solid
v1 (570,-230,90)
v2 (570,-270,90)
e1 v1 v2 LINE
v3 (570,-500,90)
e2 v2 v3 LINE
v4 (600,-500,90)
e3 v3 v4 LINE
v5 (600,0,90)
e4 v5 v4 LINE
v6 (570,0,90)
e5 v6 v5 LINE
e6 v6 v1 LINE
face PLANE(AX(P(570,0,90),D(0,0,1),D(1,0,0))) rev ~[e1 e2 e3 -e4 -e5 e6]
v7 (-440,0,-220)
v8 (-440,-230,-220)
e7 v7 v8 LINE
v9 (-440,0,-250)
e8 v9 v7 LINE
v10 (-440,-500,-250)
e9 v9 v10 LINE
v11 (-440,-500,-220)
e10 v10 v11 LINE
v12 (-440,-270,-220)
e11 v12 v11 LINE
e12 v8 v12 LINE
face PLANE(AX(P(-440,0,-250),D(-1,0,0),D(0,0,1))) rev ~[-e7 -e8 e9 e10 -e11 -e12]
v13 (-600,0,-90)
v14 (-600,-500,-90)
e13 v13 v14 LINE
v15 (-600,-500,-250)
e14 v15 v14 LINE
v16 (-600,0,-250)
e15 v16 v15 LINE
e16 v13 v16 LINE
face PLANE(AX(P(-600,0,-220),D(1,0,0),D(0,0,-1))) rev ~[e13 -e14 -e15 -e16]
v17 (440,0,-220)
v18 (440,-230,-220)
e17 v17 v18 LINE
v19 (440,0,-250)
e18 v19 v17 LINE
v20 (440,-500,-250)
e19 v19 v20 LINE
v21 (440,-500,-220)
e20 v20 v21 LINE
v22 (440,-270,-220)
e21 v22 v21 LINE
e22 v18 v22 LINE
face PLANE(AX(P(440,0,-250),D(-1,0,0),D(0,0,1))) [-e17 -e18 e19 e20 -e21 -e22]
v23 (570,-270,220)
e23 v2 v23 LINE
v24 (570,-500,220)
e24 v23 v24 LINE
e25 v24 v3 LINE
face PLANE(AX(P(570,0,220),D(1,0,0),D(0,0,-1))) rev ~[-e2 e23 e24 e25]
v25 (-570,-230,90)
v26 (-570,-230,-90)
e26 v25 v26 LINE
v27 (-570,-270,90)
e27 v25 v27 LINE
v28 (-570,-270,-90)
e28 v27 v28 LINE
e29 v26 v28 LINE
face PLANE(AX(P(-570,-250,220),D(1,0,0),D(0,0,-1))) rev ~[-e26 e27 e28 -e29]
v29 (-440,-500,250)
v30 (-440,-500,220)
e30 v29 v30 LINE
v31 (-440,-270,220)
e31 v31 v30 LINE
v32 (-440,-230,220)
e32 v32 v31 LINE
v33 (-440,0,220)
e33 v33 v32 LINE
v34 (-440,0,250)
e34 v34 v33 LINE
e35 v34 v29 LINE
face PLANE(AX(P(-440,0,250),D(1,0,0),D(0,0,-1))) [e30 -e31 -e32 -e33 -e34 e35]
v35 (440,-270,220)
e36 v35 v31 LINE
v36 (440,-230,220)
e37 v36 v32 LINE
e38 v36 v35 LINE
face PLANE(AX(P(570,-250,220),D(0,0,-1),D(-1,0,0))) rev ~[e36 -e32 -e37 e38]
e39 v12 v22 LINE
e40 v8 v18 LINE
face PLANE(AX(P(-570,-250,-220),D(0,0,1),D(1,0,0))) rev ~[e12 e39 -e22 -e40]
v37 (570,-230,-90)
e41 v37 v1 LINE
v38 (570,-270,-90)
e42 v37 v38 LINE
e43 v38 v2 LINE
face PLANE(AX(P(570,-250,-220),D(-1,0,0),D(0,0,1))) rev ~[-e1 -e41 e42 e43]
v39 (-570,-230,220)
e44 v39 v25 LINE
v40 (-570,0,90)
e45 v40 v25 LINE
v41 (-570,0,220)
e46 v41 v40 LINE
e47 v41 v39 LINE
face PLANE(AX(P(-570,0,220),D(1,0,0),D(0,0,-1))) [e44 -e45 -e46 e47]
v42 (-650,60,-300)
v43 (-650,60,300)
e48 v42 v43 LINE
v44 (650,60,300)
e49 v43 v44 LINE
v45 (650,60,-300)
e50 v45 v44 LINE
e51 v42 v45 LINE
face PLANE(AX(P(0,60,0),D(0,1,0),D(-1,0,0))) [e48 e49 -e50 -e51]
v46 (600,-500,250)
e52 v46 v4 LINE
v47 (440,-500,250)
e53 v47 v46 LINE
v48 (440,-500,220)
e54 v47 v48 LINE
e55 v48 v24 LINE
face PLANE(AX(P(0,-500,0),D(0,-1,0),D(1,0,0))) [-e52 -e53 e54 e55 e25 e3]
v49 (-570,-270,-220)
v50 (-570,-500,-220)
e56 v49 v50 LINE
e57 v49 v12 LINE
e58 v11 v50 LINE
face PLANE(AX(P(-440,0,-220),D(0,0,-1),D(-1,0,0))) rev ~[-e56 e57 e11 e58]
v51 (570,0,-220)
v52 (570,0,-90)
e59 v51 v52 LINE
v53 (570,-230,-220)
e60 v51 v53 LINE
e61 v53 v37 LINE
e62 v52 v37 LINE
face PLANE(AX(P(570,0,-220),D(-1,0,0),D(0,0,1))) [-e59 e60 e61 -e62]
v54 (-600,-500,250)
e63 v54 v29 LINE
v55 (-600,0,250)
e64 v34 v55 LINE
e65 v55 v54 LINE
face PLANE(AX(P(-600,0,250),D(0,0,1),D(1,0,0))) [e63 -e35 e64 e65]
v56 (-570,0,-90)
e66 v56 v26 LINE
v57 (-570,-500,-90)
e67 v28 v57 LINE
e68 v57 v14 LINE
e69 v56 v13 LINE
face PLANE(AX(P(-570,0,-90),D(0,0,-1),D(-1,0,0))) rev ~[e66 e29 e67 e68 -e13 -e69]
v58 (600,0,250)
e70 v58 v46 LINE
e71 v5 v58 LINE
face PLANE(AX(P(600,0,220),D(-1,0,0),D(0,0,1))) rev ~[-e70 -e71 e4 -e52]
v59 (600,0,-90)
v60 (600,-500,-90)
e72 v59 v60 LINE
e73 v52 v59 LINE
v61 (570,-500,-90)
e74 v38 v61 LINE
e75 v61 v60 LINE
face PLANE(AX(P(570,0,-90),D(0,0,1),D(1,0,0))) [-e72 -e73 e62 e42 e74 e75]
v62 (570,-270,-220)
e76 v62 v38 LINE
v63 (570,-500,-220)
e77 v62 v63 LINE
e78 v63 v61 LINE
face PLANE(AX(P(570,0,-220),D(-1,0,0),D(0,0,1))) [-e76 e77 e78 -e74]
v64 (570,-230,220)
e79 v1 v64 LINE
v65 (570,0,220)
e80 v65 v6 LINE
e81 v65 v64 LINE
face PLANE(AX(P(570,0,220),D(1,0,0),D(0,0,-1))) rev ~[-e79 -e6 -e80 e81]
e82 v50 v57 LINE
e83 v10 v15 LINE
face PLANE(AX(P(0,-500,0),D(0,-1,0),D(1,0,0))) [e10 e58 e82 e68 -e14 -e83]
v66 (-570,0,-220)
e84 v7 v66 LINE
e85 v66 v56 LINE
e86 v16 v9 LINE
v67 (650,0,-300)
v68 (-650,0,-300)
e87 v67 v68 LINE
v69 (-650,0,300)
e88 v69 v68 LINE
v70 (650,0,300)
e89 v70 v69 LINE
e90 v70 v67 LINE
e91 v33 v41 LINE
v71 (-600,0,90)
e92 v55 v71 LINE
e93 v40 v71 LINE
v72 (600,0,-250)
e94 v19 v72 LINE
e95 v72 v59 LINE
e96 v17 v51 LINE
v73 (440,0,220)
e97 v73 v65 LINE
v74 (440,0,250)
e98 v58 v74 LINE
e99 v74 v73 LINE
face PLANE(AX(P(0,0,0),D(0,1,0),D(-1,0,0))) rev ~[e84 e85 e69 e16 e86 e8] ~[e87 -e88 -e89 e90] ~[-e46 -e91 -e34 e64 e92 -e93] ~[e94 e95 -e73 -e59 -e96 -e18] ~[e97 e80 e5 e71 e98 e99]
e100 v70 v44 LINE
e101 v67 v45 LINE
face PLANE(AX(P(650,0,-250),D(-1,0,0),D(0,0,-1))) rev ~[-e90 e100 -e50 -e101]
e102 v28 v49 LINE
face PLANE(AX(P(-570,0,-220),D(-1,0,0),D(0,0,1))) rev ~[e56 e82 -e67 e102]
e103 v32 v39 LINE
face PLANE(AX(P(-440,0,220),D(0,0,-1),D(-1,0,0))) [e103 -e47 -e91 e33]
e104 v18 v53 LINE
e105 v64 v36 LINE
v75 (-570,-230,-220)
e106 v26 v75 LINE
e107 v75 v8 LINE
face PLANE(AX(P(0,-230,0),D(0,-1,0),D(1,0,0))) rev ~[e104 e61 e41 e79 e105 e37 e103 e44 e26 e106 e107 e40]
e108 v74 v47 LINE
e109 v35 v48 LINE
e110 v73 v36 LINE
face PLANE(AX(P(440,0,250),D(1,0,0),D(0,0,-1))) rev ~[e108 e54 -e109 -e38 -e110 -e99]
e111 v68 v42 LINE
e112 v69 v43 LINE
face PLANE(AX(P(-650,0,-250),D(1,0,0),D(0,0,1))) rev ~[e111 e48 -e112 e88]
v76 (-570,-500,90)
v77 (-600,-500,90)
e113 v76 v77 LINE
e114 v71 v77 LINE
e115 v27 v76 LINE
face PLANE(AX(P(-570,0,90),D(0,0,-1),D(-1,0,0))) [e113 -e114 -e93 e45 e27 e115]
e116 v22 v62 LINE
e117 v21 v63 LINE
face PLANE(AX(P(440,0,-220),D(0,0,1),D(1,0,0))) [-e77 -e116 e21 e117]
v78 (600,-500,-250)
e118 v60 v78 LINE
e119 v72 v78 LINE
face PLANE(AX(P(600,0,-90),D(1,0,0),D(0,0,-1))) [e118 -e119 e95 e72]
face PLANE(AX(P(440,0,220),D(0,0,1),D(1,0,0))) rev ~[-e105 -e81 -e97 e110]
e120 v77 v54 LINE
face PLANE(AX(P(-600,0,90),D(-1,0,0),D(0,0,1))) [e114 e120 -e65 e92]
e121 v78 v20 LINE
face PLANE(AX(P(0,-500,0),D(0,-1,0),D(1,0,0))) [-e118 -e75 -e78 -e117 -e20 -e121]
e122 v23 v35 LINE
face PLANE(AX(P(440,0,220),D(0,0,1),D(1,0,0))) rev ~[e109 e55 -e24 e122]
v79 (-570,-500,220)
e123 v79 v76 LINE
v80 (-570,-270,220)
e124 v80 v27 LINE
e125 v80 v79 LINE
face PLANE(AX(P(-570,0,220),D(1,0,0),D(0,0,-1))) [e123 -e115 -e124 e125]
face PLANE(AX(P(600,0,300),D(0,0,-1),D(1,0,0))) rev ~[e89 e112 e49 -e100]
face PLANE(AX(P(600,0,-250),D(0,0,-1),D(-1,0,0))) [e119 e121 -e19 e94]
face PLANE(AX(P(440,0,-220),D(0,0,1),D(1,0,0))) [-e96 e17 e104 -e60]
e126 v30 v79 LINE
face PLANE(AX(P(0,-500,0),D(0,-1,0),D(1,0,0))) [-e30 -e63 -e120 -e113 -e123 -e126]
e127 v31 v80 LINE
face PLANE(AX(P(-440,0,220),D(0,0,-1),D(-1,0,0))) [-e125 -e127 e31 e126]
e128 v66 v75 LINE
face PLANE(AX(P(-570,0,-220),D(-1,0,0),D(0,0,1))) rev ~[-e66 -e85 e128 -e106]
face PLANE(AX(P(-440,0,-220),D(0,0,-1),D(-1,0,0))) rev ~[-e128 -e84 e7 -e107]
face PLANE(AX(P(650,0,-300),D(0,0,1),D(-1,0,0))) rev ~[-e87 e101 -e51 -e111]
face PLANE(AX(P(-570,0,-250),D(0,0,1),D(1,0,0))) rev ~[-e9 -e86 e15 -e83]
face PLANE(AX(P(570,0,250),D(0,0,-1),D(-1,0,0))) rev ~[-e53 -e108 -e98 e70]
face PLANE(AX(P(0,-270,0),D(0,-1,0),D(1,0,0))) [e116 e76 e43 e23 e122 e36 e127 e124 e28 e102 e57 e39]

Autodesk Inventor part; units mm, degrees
ref_plane "YZ Plane" through (0, 0, 0) normal (1, 0, 0) x (0, 1, 0)
sketch "Sketch1" plane through (0, 0, 0) normal (0, 1, 0) x (-1, 0, 0)
  line L0 (-650, -300) -> (650, -300)
  line L1 (650, -300) -> (650, 300)
  line L2 (650, 300) -> (-650, 300)
  line L3 (-650, 300) -> (-650, -300)
  line L4 (-650, -300) -> (650, 300) construction
  line L5 (650, -300) -> (-650, 300) construction
  line L6 (650, 300) -> (600, 300)
  line L7 (600, 250) -> (570, 250)
  line L8 (570, 220) -> (570, 90)
  line L9 (570, 90) -> (600, 90)
  line L10 (600, 90) -> (600, 250)
  line L11 (600, 250) -> (440, 250)
  line L12 (440, 250) -> (440, 220)
  line L13 (440, 220) -> (570, 220)
  line L14 (600, 220) -> (600, 250)
  line L15 (650, -300) -> (600, -300)
  line L16 (650, -250) -> (650, -300)
  line L17 (600, -250) -> (440, -250)
  line L18 (440, -250) -> (440, -220)
  line L19 (440, -220) -> (570, -220)
  line L20 (600, -220) -> (600, -250)
  line L21 (600, -250) -> (570, -250)
  line L22 (570, -220) -> (570, -90)
  line L23 (570, -90) -> (600, -90)
  line L24 (600, -90) -> (600, -250)
  line L25 (-650, 300) -> (-600, 300)
  line L26 (-650, 250) -> (-650, 300)
  line L27 (-600, 250) -> (-570, 250)
  line L28 (-570, 220) -> (-570, 90)
  line L29 (-570, 90) -> (-600, 90)
  line L30 (-600, 90) -> (-600, 250)
  line L31 (-600, 250) -> (-440, 250)
  line L32 (-440, 250) -> (-440, 220)
  line L33 (-440, 220) -> (-570, 220)
  line L34 (-600, 220) -> (-600, 250)
  line L35 (-650, -300) -> (-600, -300)
  line L36 (-650, -250) -> (-650, -300)
  line L37 (-600, -250) -> (-440, -250)
  line L38 (-440, -250) -> (-440, -220)
  line L39 (-440, -220) -> (-570, -220)
  line L40 (-600, -220) -> (-600, -250)
  line L41 (-600, -250) -> (-570, -250)
  line L42 (-570, -220) -> (-570, -90)
  line L43 (-570, -90) -> (-600, -90)
  line L44 (-600, -90) -> (-600, -250)
  point P0 (0, 0)
  dimension "d0" = 1300
  dimension "d1" = 600
  dimension "d4" = 30
  dimension "d5" = 160
  dimension "d6" = 30
  dimension "d7" = 50
  dimension "d8" = 50
  dimension "d9" = 50
  dimension "d10" = 50
  dimension "d11" = 30
  dimension "d12" = 160
  dimension "d13" = 160
  dimension "d14" = 30
extrude "Extrusion1" add sketch "Sketch1" along normal blind 60 contours L3 L2 L1 L0 | L10 L9 L8 L13 L12 L11 L7 | L17 L18 L19 L22 L23 L24 L20 | L27 L31 L32 L33 L28 L29 L30 | L40 L44 L43 L42 L39 L38 L37
ref_plane "Work Plane1" through (0, 0, 0) normal (0, -1, 0) x (1, 0, 0)
sketch "Sketch2" plane through (0, 0, 0) normal (0, -1, 0) x (1, 0, 0)
  line L0 (650, 300) -> (650, -300) projected
  line L1 (650, 300) -> (600, 300)
  line L2 (650, 250) -> (650, 300)
  line L3 (650, -300) -> (600, -300)
  line L4 (650, -250) -> (650, -300)
  line L5 (-650, -300) -> (-650, 300) projected
  line L6 (-650, -300) -> (-600, -300)
  line L7 (-650, -250) -> (-650, -300)
  line L8 (-650, 300) -> (-600, 300)
  line L9 (-650, 250) -> (-650, 300)
  line L10 (-600, -250) -> (-440, -250)
  line L11 (-440, -250) -> (-440, -220)
  line L12 (-440, -220) -> (-570, -220)
  line L13 (-600, -220) -> (-600, -250)
  line L14 (-600, -250) -> (-570, -250)
  line L15 (-570, -220) -> (-570, -90)
  line L16 (-570, -90) -> (-600, -90)
  line L17 (-600, -90) -> (-600, -250)
  line L18 (-600, 250) -> (-440, 250)
  line L19 (-440, 250) -> (-440, 220)
  line L20 (-440, 220) -> (-570, 220)
  line L21 (-600, 220) -> (-600, 250)
  line L22 (-600, 250) -> (-570, 250)
  line L23 (-570, 220) -> (-570, 90)
  line L24 (-570, 90) -> (-600, 90)
  line L25 (-600, 90) -> (-600, 250)
  line L26 (600, -250) -> (440, -250)
  line L27 (440, -250) -> (440, -220)
  line L28 (440, -220) -> (570, -220)
  line L29 (600, -220) -> (600, -250)
  line L30 (600, -250) -> (570, -250)
  line L31 (570, -220) -> (570, -90)
  line L32 (570, -90) -> (600, -90)
  line L33 (600, -90) -> (600, -250)
  line L34 (600, 250) -> (570, 250)
  line L35 (570, 220) -> (570, 90)
  line L36 (570, 90) -> (600, 90)
  line L37 (600, 90) -> (600, 250)
  line L38 (600, 250) -> (440, 250)
  line L39 (440, 250) -> (440, 220)
  line L40 (440, 220) -> (570, 220)
  line L41 (600, 220) -> (600, 250)
  point P0 (0, 0)
  dimension "d18" = 50
  dimension "d19" = 50
  dimension "d20" = 50
  dimension "d21" = 50
  dimension "d22" = 50
  dimension "d23" = 50
  dimension "d24" = 50
  dimension "d25" = 50
  dimension "d26" = 160
  dimension "d27" = 30
  dimension "d28" = 30
  dimension "d29" = 160
  dimension "d30" = 160
  dimension "d31" = 30
  dimension "d32" = 30
  dimension "d33" = 160
  dimension "d34" = 160
  dimension "d35" = 30
  dimension "d36" = 30
  dimension "d37" = 160
extrude "Extrusion2" add sketch "Sketch2" along normal blind 500
ref_plane "Work Plane2" through (0, -250, 0) normal (0, -1, 0) x (1, 0, 0)
sketch "Sketch3" plane through (0, -250, 0) normal (0, -1, 0) x (1, 0, 0)
  line L0 (570, 220) -> (-570, 220)
  line L1 (-570, 220) -> (-570, -220)
  line L2 (-570, -220) -> (570, -220)
  line L3 (570, -220) -> (570, 220)
  point P0 (0, 0)
extrude "Extrusion3" add sketch "Sketch3" along normal blind 20 and the other way blind 20
properties part number "Sto u dnevnoj sobi" material "Wood (Birch)"
